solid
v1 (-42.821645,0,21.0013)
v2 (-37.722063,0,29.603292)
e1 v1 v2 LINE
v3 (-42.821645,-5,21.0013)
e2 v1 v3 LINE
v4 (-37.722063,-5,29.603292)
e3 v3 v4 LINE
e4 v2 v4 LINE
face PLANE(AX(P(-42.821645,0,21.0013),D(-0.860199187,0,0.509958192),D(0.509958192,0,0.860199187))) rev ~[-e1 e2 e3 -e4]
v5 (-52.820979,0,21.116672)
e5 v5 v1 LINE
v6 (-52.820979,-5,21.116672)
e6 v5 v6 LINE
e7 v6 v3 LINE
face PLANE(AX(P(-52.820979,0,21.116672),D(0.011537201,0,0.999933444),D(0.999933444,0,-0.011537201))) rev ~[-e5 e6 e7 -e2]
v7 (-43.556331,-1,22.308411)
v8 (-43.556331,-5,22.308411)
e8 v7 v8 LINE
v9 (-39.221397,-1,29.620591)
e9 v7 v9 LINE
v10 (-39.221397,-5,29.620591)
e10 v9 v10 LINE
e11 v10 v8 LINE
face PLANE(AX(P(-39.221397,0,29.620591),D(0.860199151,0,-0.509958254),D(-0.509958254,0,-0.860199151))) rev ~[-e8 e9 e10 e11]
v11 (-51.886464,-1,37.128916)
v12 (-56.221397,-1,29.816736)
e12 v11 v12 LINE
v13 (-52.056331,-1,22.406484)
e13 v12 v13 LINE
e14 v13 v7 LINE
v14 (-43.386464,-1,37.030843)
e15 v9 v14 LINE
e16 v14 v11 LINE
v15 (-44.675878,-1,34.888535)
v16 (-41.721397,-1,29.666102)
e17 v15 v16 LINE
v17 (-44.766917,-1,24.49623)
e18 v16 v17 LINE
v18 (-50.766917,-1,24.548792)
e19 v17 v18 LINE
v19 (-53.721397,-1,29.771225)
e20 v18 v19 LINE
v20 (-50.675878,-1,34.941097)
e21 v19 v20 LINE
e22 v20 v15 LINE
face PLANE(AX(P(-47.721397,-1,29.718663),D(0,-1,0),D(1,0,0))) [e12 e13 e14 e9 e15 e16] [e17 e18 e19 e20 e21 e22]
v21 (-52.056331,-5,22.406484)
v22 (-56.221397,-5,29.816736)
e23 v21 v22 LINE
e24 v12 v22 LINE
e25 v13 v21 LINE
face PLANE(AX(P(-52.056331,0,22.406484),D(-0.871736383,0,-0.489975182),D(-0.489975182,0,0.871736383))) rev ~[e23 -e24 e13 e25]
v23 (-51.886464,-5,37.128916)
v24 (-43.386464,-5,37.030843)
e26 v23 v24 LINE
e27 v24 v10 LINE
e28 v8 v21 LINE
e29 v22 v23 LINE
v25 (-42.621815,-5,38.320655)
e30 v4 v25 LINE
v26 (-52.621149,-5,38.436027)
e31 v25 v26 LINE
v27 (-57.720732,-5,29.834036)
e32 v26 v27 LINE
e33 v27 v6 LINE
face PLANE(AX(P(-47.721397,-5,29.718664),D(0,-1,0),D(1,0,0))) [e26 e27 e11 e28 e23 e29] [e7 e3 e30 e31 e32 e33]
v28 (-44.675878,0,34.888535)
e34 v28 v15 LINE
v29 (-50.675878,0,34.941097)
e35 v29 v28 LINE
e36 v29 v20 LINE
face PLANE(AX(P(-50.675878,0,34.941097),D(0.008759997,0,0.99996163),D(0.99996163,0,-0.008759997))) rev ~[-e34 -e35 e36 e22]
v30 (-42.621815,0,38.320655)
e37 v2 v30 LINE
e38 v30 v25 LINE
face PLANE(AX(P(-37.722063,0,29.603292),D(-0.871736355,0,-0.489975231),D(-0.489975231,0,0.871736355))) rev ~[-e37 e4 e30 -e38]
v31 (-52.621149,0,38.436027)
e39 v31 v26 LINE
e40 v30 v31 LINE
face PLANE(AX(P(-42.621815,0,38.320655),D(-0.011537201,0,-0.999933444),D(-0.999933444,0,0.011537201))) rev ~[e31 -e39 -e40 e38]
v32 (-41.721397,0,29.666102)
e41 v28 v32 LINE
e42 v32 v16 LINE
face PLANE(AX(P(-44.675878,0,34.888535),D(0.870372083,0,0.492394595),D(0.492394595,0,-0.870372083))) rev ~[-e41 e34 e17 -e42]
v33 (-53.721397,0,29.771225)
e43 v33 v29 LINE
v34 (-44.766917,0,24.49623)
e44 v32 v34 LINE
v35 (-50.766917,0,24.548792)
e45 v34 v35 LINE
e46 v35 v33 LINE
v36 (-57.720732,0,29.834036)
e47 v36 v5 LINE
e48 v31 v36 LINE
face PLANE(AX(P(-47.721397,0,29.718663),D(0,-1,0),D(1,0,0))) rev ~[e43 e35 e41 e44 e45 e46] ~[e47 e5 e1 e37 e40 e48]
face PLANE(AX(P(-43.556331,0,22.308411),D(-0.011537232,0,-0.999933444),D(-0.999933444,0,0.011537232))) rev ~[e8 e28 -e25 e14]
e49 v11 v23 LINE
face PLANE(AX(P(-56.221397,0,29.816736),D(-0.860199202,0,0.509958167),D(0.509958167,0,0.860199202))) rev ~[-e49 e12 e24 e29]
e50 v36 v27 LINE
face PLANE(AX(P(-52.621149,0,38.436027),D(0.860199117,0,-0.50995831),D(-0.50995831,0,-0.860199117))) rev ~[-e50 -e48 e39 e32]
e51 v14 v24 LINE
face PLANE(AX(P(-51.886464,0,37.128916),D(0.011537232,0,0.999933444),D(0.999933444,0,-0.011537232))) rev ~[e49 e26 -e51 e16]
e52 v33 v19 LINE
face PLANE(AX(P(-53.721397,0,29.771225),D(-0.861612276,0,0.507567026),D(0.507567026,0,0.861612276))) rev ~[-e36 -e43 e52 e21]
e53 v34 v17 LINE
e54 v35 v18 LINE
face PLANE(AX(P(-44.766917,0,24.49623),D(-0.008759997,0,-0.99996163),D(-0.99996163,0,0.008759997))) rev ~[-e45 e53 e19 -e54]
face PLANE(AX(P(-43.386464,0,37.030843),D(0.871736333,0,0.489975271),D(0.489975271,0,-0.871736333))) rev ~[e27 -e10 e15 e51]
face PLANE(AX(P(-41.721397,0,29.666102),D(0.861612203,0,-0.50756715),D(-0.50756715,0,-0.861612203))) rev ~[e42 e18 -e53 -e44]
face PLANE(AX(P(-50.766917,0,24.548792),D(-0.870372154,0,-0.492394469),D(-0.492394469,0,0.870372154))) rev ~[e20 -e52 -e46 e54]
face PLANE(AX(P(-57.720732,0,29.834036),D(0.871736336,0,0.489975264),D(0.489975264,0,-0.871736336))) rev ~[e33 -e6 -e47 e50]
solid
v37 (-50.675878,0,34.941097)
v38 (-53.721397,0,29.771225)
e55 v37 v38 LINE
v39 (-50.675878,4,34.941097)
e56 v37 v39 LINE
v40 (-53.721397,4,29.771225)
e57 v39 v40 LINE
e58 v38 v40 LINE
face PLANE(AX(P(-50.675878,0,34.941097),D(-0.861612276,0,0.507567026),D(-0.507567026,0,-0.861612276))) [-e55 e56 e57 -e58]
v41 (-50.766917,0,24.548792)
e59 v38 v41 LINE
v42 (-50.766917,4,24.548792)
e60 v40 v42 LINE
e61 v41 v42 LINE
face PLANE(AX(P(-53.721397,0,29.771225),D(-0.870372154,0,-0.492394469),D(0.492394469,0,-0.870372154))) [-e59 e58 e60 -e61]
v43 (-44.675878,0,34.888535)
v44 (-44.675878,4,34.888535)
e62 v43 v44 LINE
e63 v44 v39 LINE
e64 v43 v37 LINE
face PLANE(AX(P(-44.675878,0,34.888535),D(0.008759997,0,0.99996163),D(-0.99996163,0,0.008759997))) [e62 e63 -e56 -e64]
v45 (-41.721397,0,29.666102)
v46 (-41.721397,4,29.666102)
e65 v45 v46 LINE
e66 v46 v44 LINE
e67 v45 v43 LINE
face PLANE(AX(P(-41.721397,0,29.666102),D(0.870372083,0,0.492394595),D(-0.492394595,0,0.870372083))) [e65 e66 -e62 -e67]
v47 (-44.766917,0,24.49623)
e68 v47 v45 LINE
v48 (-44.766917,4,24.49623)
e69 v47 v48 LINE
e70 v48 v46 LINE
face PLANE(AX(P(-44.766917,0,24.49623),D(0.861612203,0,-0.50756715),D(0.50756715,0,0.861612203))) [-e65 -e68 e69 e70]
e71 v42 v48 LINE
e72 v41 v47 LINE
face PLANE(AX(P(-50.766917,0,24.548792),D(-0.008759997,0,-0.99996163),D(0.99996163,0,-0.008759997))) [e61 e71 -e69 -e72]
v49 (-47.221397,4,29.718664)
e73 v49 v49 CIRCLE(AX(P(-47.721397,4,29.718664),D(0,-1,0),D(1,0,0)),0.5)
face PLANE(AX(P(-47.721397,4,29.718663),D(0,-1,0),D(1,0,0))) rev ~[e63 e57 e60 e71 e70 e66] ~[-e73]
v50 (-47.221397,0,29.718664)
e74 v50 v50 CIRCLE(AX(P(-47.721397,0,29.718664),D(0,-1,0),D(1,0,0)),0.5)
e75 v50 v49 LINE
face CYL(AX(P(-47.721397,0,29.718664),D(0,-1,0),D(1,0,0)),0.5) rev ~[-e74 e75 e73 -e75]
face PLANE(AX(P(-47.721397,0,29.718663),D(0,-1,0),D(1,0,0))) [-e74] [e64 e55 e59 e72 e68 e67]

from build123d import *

# Parameters (mm, degrees)
F1_DEPTH = 5
F2_DEPTH = 1
F0_R     = 0.5
F3_DEPTH = 4


with BuildPart() as f1:
    # F0 (on Front) → F1 (new body)
    with BuildSketch(Plane.XZ):
        Polygon((-42.821645, 21.0013), (-37.722063, 29.603292), (-42.621815, 38.320655), (-52.621149, 38.436027), (-57.720732, 29.834036), (-52.820979, 21.116672), align=None)
        Polygon((-43.386464, 37.030843), (-39.221397, 29.620591), (-43.556331, 22.308411), (-52.056331, 22.406484), (-56.221397, 29.816736), (-51.886464, 37.128916), align=None, mode=Mode.SUBTRACT)
    extrude(amount=F1_DEPTH)

    # F0 (on Front) → F2 (join)
    with BuildSketch(Plane.XZ):
        Polygon((-43.556331, 22.308411), (-39.221397, 29.620591), (-43.386464, 37.030843), (-51.886464, 37.128916), (-56.221397, 29.816736), (-52.056331, 22.406484), align=None)
        Polygon((-44.675878, 34.888535), (-41.721397, 29.666102), (-44.766917, 24.49623), (-50.766917, 24.548792), (-53.721397, 29.771225), (-50.675878, 34.941097), align=None, mode=Mode.SUBTRACT)
    extrude(amount=F2_DEPTH)


with BuildPart() as f3:
    # F0 (on Front) → F3 (new body)
    with BuildSketch(Plane.XZ):
        Polygon((-44.766917, 24.49623), (-41.721397, 29.666102), (-44.675878, 34.888535), (-50.675878, 34.941097), (-53.721397, 29.771225), (-50.766917, 24.548792), align=None)
        with Locations((-47.721397, 29.718664)):
            Circle(F0_R, mode=Mode.SUBTRACT)
    extrude(amount=-F3_DEPTH)


solid = Compound([f1.part, f3.part])
